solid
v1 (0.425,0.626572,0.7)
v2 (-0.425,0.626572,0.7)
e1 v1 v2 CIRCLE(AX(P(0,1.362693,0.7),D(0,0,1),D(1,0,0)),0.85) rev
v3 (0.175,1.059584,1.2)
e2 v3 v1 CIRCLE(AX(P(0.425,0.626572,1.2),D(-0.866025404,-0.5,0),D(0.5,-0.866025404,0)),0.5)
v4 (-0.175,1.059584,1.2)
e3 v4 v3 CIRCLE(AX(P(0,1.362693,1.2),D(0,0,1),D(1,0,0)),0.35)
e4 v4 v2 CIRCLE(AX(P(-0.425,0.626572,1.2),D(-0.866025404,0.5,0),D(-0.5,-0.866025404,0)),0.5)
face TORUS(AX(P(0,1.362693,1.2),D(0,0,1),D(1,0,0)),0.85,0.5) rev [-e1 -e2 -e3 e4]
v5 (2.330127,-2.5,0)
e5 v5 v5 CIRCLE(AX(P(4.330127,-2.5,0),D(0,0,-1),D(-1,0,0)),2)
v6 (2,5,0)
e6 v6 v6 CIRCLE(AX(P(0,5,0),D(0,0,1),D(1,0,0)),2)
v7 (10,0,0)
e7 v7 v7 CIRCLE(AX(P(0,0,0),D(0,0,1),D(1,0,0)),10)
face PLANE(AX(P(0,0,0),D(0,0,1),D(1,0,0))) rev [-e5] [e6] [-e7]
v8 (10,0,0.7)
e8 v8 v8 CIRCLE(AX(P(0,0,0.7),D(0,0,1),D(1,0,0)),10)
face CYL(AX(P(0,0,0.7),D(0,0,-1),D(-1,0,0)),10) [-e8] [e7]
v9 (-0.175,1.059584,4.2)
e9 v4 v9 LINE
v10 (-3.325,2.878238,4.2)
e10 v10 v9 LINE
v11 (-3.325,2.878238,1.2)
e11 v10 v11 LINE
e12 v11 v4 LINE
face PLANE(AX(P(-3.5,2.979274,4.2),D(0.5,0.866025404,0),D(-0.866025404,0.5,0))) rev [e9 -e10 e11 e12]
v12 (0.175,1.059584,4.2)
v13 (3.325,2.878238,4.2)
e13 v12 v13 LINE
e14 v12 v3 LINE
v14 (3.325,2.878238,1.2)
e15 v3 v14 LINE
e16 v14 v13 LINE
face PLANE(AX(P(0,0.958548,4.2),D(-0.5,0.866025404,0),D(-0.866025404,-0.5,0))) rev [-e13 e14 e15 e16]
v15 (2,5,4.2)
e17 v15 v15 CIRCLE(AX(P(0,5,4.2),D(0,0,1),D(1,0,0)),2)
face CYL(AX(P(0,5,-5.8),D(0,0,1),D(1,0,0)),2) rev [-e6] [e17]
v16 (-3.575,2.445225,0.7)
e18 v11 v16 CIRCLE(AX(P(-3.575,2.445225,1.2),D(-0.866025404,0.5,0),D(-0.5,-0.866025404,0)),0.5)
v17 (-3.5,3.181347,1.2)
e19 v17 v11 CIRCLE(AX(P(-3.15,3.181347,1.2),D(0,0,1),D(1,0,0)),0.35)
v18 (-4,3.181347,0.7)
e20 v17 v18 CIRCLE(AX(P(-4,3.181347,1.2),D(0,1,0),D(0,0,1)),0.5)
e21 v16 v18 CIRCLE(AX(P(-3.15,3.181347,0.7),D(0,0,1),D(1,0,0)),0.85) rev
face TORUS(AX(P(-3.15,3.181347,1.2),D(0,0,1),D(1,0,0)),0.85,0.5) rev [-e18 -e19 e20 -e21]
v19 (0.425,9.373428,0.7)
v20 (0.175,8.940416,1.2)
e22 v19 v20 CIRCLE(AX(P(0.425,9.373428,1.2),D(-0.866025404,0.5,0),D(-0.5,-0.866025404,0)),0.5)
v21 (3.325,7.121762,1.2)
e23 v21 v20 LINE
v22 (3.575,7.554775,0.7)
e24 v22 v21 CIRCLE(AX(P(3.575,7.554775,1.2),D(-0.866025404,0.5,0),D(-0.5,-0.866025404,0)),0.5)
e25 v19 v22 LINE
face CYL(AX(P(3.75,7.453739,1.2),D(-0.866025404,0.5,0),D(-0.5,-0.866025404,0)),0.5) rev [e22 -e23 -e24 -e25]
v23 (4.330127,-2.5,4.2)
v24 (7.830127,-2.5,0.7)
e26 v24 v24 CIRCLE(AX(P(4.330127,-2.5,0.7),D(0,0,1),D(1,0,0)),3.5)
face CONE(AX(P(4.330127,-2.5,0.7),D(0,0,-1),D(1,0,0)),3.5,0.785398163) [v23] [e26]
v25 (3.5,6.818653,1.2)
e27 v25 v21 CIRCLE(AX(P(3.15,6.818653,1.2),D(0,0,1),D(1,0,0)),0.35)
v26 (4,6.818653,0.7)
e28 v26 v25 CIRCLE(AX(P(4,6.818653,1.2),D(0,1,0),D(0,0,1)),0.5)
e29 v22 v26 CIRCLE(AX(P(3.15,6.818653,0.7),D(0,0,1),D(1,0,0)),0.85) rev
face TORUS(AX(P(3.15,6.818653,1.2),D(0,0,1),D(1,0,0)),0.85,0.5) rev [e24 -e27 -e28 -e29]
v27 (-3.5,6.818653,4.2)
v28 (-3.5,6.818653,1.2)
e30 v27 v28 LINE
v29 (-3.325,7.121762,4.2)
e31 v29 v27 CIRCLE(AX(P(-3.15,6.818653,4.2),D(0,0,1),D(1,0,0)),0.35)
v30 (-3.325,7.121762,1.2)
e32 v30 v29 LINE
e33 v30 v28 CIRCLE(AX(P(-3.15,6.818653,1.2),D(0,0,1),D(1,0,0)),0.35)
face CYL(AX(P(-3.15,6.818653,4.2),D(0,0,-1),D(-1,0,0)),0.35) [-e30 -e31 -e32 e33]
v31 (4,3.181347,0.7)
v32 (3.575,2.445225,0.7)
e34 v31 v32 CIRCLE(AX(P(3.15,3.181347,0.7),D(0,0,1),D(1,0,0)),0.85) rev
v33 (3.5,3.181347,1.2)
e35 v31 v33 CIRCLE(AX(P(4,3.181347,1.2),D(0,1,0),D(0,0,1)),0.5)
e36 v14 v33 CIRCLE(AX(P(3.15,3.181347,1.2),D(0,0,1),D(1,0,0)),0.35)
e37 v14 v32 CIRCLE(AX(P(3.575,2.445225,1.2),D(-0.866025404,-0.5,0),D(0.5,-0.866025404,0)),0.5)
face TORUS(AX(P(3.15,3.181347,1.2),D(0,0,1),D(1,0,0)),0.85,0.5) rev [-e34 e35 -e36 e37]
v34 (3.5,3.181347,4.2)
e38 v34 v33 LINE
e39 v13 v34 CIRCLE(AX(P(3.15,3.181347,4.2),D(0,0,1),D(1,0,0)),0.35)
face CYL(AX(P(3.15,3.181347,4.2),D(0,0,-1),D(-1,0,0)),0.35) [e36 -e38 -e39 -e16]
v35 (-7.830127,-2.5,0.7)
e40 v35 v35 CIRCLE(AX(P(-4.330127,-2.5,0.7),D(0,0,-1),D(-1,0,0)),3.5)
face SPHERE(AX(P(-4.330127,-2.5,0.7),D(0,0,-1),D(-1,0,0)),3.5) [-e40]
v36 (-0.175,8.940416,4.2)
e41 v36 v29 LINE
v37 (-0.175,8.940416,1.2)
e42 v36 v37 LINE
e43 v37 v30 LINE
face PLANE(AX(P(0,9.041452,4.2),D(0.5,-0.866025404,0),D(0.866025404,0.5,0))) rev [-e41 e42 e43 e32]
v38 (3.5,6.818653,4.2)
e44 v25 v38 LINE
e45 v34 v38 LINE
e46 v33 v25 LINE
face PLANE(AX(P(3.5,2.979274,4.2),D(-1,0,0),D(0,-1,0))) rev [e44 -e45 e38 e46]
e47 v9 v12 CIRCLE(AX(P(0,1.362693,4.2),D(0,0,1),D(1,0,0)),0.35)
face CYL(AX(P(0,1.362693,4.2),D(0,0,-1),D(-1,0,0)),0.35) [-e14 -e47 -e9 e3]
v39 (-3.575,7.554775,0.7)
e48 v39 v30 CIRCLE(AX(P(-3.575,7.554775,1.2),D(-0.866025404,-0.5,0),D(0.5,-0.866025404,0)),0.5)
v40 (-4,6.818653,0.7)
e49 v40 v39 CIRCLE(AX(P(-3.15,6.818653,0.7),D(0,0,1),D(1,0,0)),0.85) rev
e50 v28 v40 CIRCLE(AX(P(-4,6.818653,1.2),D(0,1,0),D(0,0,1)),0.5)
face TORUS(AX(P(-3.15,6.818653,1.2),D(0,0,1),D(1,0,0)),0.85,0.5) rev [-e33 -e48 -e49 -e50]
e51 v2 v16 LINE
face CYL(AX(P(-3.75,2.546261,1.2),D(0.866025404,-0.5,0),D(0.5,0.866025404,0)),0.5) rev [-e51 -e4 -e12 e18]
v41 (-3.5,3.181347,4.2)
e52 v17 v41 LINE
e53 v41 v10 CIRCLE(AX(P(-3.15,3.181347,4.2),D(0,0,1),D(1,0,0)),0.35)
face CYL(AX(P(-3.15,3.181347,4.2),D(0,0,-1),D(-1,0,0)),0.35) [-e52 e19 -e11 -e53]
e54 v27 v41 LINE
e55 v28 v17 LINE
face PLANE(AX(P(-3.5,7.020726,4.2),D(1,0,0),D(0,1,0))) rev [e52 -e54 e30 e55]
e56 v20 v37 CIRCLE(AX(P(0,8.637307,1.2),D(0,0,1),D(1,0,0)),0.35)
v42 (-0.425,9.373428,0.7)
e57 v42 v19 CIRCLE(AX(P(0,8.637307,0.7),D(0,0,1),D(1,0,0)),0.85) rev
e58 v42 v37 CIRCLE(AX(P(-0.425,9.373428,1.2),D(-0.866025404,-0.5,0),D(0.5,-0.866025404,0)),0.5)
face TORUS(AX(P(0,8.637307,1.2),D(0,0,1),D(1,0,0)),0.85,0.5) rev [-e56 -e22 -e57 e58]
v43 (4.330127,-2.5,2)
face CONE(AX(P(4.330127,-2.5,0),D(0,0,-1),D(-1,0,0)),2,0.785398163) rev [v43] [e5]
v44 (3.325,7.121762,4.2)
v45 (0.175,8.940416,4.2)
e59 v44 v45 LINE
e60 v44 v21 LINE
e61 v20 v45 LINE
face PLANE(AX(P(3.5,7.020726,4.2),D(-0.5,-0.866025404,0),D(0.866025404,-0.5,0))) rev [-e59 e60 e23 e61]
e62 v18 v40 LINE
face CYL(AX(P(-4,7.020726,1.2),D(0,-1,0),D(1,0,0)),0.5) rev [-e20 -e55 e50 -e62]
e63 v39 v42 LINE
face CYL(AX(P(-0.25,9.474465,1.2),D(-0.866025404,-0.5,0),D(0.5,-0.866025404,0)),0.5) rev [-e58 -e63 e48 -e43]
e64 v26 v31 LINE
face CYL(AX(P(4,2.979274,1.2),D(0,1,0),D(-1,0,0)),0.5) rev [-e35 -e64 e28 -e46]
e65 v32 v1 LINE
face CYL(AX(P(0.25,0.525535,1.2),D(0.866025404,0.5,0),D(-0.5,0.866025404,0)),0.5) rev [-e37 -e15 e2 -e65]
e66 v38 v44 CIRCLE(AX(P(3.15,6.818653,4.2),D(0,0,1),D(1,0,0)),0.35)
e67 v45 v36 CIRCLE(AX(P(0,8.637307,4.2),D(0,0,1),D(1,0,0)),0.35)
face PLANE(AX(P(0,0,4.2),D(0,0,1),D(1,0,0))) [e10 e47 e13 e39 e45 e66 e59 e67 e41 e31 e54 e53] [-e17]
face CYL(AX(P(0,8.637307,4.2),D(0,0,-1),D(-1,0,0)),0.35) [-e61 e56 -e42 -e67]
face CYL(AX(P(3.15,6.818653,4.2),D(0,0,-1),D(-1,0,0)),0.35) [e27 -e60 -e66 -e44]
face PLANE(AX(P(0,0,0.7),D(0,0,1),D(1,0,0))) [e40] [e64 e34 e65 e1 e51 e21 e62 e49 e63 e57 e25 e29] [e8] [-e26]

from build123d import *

# Parameters (mm, degrees)
SKETCH1_R           = 10
BOSS_EXTRUDE1_DEPTH = 0.7
REVOLVE1_ANGLE      = 180
SKETCH2_5_R         = 3.5
BOSS_EXTRUDE2_DEPTH = 5
BOSS_EXTRUDE2_TAPER = 45
BOSS_EXTRUDE3_DEPTH = 3.5
FILLET1_R           = 0.35
SKETCH3_R           = 2
CUT_EXTRUDE1_DEPTH  = 10
FILLET2_R           = 0.5


with BuildPart() as part:
    # Sketch1 → Boss-Extrude1 (new body)
    with BuildSketch(Plane.XY):
        Circle(SKETCH1_R)
    extrude(amount=BOSS_EXTRUDE1_DEPTH)

    # Sketch2 → Revolve1 (revolve)
    with BuildSketch(Plane.XY.offset(0.7)):
        with BuildLine():
            Line((-4.330127019, -6), (-4.330127019, 1))
            ThreePointArc((-4.330127019, 1), (-7.830127019, -2.5), (-4.330127019, -6))
        make_face()
    revolve(axis=Axis((-4.330127019, -6, 0.7), (0, 1, 0)), revolution_arc=REVOLVE1_ANGLE)

    # Sketch2<5> → Boss-Extrude2 (add)
    with BuildSketch(Plane.XY.offset(0.7)):
        with Locations((4.330127019, -2.5)):
            Circle(SKETCH2_5_R)
    extrude(amount=BOSS_EXTRUDE2_DEPTH, taper=BOSS_EXTRUDE2_TAPER)

    # Sketch2<6> → Boss-Extrude3 (add)
    with BuildSketch(Plane.XY.offset(0.7)):
        Polygon((0, 0.958548116), (3.5, 2.979274058), (3.5, 7.020725942), (0, 9.041451884), (-3.5, 7.020725942), (-3.5, 2.979274058), align=None)
    extrude(amount=BOSS_EXTRUDE3_DEPTH)

    # Fillet1
    fillet1_edges = [part.edges().sort_by_distance(p)[0] for p in [
        (-3.5, 7.020725942, 2.45),
        (-3.5, 2.979274058, 2.45),
        (0, 0.958548116, 2.45),
        (3.5, 2.979274058, 2.45),
        (3.5, 7.020725942, 2.45),
        (0, 9.041451884, 2.45),
    ]]
    fillet(fillet1_edges, radius=FILLET1_R)

    # Sketch3 → Cut-Extrude1 (cut)
    with BuildSketch(Plane.XY.offset(4.2)):
        with Locations((0, 5)):
            Circle(SKETCH3_R)
    extrude(amount=-CUT_EXTRUDE1_DEPTH, mode=Mode.SUBTRACT)

    # Fillet2
    fillet2_edges = [part.edges().sort_by_distance(p)[0] for p in [
        (-1.75, 8.031088913, 0.7),
        (1.75, 8.031088913, 0.7),
        (-3.5, 5, 0.7),
        (-1.75, 1.968911087, 0.7),
        (3.5, 5, 0.7),
        (1.75, 1.968911087, 0.7),
        (0, 8.987306696, 0.7),
        (-3.453108891, 6.993653348, 0.7),
        (-3.453108891, 3.006346652, 0.7),
        (3.453108891, 6.993653348, 0.7),
        (3.453108891, 3.006346652, 0.7),
        (0, 1.012693304, 0.7),
    ]]
    fillet(fillet2_edges, radius=FILLET2_R)

    # Cut-Extrude2 cone 1 section (through the dimple's axis) → Cut-Extrude2 (revolve, cut)
    with BuildSketch(Plane(origin=(4.330127019, -2.5, 0), x_dir=(0, 1, 0), z_dir=(1, 0, 0))):
        Polygon((0, 0), (2, 0), (0, 2), align=None)
    revolve(axis=Axis((4.330127019, -2.5, 0), (0, 0, 1)), mode=Mode.SUBTRACT)


solid = part.part
